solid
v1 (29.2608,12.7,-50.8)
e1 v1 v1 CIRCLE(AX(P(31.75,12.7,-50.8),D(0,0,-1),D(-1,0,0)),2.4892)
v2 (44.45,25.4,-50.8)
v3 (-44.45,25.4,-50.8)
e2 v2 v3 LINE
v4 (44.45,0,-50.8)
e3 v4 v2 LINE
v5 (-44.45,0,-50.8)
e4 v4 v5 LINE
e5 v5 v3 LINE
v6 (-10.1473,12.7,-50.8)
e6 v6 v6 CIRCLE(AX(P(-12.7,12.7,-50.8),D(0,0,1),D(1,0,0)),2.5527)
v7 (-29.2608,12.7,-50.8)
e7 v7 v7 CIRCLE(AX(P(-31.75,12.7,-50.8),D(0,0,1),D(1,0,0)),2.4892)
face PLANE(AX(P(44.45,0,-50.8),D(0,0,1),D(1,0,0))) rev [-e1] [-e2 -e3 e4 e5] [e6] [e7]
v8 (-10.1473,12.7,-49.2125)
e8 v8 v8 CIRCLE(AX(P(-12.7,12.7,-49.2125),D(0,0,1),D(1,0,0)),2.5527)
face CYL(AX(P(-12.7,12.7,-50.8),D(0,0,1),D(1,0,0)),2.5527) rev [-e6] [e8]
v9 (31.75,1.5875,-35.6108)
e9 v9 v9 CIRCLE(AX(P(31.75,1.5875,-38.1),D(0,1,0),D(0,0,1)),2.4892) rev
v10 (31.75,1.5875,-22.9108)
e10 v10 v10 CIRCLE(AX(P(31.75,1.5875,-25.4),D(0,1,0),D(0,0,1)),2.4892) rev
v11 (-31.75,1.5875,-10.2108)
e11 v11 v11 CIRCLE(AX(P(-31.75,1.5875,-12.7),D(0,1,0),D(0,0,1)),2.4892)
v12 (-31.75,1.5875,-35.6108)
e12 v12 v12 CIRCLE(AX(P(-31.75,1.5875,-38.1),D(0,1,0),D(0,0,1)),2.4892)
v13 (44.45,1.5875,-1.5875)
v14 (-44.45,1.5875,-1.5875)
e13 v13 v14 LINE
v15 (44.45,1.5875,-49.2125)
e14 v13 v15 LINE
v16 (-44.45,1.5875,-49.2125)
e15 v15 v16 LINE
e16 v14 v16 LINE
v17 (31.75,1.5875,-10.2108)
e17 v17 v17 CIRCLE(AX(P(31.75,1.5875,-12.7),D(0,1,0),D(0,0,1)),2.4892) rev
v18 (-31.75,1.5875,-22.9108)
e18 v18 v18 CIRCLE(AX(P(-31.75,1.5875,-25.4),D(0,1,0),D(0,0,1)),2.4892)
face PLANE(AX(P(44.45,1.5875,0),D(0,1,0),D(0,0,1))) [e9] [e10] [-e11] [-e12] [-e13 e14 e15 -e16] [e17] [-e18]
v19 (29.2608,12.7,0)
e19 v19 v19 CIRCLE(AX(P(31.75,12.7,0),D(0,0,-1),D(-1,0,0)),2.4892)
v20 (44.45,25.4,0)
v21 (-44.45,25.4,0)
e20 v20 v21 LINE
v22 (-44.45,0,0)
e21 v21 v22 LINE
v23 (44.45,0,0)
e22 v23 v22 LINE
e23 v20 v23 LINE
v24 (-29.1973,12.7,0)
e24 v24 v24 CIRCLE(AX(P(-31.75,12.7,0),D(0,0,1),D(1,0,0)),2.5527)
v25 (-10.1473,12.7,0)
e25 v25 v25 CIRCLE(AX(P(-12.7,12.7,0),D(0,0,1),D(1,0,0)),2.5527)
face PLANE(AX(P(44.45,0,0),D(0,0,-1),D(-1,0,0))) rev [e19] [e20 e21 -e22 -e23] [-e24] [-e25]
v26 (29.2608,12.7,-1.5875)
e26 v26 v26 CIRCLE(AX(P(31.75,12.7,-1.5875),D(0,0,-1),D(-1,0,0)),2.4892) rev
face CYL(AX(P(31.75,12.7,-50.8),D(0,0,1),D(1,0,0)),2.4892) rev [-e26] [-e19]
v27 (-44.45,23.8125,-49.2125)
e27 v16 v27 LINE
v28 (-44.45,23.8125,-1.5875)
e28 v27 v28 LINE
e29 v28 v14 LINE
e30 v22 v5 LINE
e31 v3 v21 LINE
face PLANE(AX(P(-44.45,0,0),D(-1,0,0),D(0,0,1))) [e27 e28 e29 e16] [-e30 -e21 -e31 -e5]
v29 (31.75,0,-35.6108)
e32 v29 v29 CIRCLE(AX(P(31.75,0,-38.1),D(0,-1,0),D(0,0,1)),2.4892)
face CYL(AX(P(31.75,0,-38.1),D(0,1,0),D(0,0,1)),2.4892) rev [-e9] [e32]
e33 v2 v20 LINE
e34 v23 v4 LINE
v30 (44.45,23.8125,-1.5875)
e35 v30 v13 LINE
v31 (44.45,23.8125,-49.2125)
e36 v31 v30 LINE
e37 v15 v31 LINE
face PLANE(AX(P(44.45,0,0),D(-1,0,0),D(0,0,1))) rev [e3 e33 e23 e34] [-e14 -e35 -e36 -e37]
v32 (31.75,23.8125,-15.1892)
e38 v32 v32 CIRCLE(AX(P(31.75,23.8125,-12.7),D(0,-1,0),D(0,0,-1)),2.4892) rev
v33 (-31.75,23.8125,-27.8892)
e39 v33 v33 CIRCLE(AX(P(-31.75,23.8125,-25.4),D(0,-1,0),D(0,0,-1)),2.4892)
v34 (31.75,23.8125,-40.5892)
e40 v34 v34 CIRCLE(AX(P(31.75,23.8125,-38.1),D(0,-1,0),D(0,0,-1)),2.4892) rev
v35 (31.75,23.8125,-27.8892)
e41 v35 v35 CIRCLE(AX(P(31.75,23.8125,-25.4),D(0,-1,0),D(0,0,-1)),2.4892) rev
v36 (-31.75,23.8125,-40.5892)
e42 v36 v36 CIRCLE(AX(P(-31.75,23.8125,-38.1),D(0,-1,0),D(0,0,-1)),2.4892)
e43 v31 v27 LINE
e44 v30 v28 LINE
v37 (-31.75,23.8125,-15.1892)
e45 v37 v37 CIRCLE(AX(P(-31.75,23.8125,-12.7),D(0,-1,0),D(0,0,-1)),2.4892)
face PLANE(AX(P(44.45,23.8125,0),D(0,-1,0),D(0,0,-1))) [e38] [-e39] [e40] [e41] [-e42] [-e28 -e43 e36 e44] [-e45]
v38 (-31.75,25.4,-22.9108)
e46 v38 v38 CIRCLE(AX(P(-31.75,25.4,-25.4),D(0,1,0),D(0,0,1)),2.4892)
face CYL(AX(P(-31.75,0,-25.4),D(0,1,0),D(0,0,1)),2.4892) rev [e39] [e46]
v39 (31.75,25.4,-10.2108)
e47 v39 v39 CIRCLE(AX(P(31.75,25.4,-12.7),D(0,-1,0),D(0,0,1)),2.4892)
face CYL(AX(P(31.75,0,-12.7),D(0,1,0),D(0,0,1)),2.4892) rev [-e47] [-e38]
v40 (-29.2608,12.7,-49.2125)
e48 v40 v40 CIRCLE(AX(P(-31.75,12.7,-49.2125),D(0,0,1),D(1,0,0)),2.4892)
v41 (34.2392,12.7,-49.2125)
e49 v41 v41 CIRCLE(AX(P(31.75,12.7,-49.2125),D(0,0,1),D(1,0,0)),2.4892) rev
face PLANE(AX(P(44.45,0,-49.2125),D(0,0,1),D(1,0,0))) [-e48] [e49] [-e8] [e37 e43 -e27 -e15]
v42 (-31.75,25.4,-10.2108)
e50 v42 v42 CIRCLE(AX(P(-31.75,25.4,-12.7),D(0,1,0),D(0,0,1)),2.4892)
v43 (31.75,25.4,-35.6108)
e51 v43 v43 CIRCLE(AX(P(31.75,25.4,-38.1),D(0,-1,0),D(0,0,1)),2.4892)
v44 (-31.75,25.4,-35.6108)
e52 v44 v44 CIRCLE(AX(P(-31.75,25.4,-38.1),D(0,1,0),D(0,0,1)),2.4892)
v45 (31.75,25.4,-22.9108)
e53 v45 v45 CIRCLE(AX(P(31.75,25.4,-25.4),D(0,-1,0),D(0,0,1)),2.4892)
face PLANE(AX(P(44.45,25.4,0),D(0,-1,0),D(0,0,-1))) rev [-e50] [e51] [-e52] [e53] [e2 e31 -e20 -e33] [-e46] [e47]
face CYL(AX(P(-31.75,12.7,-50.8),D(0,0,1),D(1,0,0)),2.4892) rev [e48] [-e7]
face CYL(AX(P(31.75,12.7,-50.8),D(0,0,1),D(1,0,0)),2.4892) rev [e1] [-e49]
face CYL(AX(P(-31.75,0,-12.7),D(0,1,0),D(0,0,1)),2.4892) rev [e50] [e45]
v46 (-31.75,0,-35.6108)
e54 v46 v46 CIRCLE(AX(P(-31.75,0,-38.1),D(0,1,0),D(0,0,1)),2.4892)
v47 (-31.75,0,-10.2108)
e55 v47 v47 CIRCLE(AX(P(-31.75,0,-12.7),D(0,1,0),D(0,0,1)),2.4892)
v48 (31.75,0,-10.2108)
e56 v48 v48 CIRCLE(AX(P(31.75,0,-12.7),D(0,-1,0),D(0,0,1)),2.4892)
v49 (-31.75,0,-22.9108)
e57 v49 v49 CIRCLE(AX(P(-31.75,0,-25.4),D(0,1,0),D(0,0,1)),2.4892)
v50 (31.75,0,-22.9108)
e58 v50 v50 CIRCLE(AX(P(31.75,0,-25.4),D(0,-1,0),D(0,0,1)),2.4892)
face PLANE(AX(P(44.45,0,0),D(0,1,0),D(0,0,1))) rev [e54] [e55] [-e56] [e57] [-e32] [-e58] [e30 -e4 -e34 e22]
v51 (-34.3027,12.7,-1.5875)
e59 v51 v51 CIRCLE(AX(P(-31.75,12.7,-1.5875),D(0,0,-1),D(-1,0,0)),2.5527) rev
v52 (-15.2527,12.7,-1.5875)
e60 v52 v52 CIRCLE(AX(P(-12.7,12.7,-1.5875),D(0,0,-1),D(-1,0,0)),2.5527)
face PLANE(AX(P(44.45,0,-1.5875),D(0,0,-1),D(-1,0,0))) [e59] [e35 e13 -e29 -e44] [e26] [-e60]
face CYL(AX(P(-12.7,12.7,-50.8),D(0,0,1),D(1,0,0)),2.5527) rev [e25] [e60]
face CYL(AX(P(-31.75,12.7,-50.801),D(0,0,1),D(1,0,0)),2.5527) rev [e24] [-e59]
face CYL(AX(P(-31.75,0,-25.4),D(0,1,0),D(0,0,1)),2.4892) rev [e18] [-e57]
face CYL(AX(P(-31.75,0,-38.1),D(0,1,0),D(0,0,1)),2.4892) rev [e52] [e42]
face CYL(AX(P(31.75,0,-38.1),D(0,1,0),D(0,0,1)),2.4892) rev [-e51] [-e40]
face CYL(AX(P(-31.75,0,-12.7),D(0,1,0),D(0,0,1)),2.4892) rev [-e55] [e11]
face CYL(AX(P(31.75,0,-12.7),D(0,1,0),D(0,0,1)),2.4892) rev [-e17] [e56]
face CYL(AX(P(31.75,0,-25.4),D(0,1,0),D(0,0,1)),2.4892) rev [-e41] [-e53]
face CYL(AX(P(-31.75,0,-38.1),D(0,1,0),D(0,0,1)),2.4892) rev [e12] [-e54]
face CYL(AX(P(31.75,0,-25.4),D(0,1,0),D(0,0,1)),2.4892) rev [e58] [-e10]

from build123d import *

# Parameters (mm, degrees)
SKETCH1_W           = 50.8
SKETCH1_H           = 25.4
BOSS_EXTRUDE1_DEPTH = 44.45
SHELL1_T            = -1.5875
SKETCH2_R           = 2.4892
CUT_EXTRUDE1_DEPTH  = 26.4
SKETCH3_R           = 2.4892
CUT_EXTRUDE2_DEPTH  = 51.8
SKETCH4_R           = 2.5527
CUT_EXTRUDE3_DEPTH  = 51.8
CUT_EXTRUDE4_REACH  = 52.8
SKETCH5_R           = 2.5527


with BuildPart() as part:
    # Sketch1 → Boss-Extrude1 (new body, symmetric)
    with BuildSketch(Plane(origin=(0, 0, 0), x_dir=(0, 0, -1), z_dir=(1, 0, 0))):
        with Locations((25.4, 12.7)):
            Rectangle(SKETCH1_W, SKETCH1_H)
    extrude(amount=BOSS_EXTRUDE1_DEPTH, both=True)

    # Shell1
    shell1_openings = [part.faces().sort_by_distance(p)[0] for p in [
        (44.45, 12.7, -25.4),
        (-44.45, 12.7, -25.4),
    ]]
    offset(amount=SHELL1_T, openings=shell1_openings, kind=Kind.INTERSECTION)

    # Sketch2 → Cut-Extrude1 (cut, through all)
    with BuildSketch(Plane(origin=(0, 25.4, 0), x_dir=(1, 0, 0), z_dir=(0, 1, 0))):
        with Locations((-31.75, 25.4)):
            Circle(SKETCH2_R)
        with Locations((-31.75, 12.7)):
            Circle(SKETCH2_R)
        with Locations((-31.75, 38.1)):
            Circle(SKETCH2_R)
    cut_extrude1 = extrude(amount=-CUT_EXTRUDE1_DEPTH, mode=Mode.SUBTRACT)

    # Sketch3 → Cut-Extrude2 (cut, through all)
    with BuildSketch(Plane.XY):
        with Locations((-31.75, 12.7)):
            Circle(SKETCH3_R)
    cut_extrude2 = extrude(amount=-CUT_EXTRUDE2_DEPTH, mode=Mode.SUBTRACT)

    # Mirror1: Cut-Extrude1, Cut-Extrude2 across plane
    add(cut_extrude1.mirror(Plane(origin=(0, 0, 0), x_dir=(0, 0, 1), z_dir=(1, 0, 0))), mode=Mode.SUBTRACT)
    add(cut_extrude2.mirror(Plane(origin=(0, 0, 0), x_dir=(0, 0, 1), z_dir=(1, 0, 0))), mode=Mode.SUBTRACT)

    # Sketch4 → Cut-Extrude3 (cut, through all)
    with BuildSketch(Plane.XY):
        with Locations((-12.7, 12.7)):
            Circle(SKETCH4_R)
    extrude(amount=-CUT_EXTRUDE3_DEPTH, mode=Mode.SUBTRACT)

    # Sketch5 → Cut-Extrude4 (cut, up to next)
    with BuildSketch(Plane.XY, mode=Mode.PRIVATE) as cut_extrude4_sk1:
        with Locations((-31.75, 12.7)):
            Circle(SKETCH5_R)
    cut_extrude4_tool1 = extrude(cut_extrude4_sk1.sketch, amount=-CUT_EXTRUDE4_REACH, mode=Mode.PRIVATE) & part.part
    add(cut_extrude4_tool1.solids().sort_by_distance((-31.75, 12.7, 0))[0], mode=Mode.SUBTRACT)


solid = part.part
